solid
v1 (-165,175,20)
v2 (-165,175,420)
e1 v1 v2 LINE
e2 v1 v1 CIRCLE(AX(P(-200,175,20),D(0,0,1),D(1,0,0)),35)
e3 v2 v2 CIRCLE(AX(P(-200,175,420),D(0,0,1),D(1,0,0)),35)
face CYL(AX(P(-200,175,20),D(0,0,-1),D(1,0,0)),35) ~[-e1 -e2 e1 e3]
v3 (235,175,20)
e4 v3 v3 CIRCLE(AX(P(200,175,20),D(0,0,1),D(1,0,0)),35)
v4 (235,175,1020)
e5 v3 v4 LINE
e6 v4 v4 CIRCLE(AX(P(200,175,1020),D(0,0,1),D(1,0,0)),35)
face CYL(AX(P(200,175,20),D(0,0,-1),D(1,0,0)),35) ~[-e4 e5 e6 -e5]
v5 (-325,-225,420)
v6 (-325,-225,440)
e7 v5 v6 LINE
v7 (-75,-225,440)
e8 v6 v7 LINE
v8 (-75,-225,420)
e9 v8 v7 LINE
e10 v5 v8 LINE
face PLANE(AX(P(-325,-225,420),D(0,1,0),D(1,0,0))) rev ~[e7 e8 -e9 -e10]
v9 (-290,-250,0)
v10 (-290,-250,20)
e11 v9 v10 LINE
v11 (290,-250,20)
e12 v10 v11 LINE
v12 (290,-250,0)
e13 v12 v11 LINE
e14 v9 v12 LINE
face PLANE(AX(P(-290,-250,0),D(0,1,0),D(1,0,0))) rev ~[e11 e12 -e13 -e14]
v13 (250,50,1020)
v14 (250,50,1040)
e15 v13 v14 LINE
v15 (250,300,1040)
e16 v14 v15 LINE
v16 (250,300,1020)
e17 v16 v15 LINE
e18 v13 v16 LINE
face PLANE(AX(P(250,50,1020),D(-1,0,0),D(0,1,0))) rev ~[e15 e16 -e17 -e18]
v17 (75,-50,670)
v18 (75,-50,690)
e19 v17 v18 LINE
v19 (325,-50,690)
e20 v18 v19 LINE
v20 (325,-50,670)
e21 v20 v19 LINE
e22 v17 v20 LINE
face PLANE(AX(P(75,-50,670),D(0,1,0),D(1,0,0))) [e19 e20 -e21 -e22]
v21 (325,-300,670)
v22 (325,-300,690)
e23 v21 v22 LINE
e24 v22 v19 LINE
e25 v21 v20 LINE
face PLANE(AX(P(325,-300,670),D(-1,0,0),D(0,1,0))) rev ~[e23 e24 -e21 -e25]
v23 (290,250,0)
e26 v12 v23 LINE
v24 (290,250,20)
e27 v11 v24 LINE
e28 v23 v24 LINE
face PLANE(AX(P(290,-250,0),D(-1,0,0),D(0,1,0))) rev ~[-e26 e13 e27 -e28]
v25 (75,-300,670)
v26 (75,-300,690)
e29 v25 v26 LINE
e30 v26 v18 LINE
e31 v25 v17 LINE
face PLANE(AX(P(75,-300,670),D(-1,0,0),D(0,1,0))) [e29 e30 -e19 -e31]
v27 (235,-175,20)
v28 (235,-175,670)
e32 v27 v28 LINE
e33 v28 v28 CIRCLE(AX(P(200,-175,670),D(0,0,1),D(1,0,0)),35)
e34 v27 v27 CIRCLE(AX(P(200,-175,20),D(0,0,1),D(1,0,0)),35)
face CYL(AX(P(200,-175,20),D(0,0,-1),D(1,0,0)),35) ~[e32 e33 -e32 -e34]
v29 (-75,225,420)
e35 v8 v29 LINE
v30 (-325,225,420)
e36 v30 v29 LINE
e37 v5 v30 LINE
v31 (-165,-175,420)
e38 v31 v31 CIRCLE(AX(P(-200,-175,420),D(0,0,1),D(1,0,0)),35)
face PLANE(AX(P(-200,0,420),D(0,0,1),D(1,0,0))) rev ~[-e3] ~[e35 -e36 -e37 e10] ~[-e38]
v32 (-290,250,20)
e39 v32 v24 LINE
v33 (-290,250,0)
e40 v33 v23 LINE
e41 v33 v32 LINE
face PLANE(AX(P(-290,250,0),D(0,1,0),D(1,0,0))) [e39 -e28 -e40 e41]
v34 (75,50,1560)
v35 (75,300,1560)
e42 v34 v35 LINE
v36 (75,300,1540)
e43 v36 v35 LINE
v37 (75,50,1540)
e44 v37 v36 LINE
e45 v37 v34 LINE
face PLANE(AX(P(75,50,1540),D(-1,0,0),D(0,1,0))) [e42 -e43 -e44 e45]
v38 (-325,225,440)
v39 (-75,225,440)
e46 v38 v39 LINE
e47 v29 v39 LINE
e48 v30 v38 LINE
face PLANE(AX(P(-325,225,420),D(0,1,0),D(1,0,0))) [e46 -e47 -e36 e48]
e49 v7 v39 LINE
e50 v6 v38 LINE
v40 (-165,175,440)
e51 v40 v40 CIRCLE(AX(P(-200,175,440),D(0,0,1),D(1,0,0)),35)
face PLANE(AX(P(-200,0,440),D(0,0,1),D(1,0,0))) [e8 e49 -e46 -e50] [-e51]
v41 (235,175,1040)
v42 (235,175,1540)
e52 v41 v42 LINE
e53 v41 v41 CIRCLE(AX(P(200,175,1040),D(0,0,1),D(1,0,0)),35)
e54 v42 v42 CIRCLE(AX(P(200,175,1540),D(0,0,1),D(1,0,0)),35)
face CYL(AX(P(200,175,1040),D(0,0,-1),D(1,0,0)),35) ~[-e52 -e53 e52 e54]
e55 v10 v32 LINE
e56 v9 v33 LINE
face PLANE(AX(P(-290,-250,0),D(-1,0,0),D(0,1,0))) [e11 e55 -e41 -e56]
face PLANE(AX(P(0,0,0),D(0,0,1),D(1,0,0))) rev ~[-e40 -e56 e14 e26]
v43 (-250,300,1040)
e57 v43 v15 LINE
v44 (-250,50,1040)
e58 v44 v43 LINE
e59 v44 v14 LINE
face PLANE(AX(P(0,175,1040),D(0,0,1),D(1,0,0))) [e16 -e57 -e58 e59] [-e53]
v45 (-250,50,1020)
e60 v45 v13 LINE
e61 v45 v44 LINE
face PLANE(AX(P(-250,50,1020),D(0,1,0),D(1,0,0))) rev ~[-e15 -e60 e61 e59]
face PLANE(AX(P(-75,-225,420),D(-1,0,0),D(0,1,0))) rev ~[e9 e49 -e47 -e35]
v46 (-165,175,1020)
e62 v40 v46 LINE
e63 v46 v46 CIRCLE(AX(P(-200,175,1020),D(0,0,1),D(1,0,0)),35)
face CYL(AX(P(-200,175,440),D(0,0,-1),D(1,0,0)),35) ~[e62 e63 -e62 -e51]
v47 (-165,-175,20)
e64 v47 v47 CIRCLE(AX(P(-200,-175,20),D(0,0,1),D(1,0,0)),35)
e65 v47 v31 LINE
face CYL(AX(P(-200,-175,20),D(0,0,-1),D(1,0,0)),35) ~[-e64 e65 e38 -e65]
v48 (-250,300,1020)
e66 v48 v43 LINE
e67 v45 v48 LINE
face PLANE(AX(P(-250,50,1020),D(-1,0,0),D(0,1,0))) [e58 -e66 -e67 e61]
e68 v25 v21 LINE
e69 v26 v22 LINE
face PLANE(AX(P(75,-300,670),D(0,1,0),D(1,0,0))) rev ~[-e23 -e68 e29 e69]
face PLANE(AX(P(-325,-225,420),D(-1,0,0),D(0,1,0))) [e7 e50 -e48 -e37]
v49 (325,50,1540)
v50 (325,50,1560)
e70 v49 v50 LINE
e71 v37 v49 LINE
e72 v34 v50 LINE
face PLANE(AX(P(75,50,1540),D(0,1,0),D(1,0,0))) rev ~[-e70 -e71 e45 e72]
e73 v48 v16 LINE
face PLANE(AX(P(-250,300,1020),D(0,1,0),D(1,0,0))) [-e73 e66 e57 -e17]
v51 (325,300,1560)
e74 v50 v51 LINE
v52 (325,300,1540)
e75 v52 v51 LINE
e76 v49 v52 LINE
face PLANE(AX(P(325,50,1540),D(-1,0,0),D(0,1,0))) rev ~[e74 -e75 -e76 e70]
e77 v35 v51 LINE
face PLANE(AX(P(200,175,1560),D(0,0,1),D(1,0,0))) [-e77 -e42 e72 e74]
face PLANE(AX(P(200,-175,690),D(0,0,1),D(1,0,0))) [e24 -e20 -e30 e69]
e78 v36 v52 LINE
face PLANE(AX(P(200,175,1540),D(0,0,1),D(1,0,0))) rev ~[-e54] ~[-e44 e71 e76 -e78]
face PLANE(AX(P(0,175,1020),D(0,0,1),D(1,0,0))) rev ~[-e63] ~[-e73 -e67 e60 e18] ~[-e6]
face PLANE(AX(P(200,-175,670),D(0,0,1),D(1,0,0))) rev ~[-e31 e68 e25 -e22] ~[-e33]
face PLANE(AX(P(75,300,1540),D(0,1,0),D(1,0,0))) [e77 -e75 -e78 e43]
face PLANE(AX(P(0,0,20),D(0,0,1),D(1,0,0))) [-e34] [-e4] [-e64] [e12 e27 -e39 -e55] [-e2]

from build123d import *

# Parameters (mm, degrees)
F0_W      = 580
F0_H      = 500
F1_DEPTH  = 20
F2_R      = 35
F3_DEPTH  = 400
F4_W      = 250
F4_H      = 450
F5_DEPTH  = 20
F6_DEPTH  = 1000
F7_R      = 35
F8_DEPTH  = 580
F9_DEPTH  = 650
F10_W     = 250
F10_H     = 250
F10_R     = 35
F11_DEPTH = 20
F12_W     = 500
F12_H     = 250
F13_DEPTH = 20
F14_R     = 35
F15_DEPTH = 500
F16_W     = 250
F16_H     = 250
F17_DEPTH = 20


with BuildPart() as f1:
    # F0 (on Top) → F1 (new body)
    with BuildSketch(Plane.XY):
        Rectangle(F0_W, F0_H)
    extrude(amount=F1_DEPTH)

    # F2 (on face) → F3 (join)
    with BuildSketch(Plane.XY.offset(20)):
        with Locations((-200, 175)):
            Circle(F2_R)
        with Locations((-200, -175)):
            Circle(F2_R)
    extrude(amount=F3_DEPTH)

    # F4 (on face) → F5 (join)
    with BuildSketch(Plane.XY.offset(420)):
        with Locations((-200, 0)):
            Rectangle(F4_W, F4_H)
    extrude(amount=F5_DEPTH)

    # F2 (on face) → F6 (join)
    with BuildSketch(Plane.XY.offset(20)):
        with Locations((200, 175)):
            Circle(F2_R)
    extrude(amount=F6_DEPTH)

    # F7 (on face) → F8 (join, through all)
    with BuildSketch(Plane.XY.offset(440)):
        with Locations((-200, 175)):
            Circle(F7_R)
    extrude(amount=F8_DEPTH)

    # F2 (on face) → F9 (join)
    with BuildSketch(Plane.XY.offset(20)):
        with Locations((200, -175)):
            Circle(F2_R)
    extrude(amount=F9_DEPTH)

    # F10 (on face) → F11 (join)
    with BuildSketch(Plane.XY.offset(670)):
        with Locations((200, -175)):
            Rectangle(F10_W, F10_H)
        with Locations((200, -175)):
            Circle(F10_R, mode=Mode.SUBTRACT)
        with Locations((200, -175)):
            Circle(F10_R)
    extrude(amount=F11_DEPTH)

    # F12 (on face) → F13 (join)
    with BuildSketch(Plane.XY.offset(1020)):
        with Locations((0, 175)):
            Rectangle(F12_W, F12_H)
    extrude(amount=F13_DEPTH)

    # F14 (on face) → F15 (join)
    with BuildSketch(Plane.XY.offset(1040)):
        with Locations((200, 175)):
            Circle(F14_R)
    extrude(amount=F15_DEPTH)

    # F16 (on face) → F17 (join)
    with BuildSketch(Plane.XY.offset(1540)):
        with Locations((200, 175)):
            Rectangle(F16_W, F16_H)
    extrude(amount=F17_DEPTH)


solid = f1.part
